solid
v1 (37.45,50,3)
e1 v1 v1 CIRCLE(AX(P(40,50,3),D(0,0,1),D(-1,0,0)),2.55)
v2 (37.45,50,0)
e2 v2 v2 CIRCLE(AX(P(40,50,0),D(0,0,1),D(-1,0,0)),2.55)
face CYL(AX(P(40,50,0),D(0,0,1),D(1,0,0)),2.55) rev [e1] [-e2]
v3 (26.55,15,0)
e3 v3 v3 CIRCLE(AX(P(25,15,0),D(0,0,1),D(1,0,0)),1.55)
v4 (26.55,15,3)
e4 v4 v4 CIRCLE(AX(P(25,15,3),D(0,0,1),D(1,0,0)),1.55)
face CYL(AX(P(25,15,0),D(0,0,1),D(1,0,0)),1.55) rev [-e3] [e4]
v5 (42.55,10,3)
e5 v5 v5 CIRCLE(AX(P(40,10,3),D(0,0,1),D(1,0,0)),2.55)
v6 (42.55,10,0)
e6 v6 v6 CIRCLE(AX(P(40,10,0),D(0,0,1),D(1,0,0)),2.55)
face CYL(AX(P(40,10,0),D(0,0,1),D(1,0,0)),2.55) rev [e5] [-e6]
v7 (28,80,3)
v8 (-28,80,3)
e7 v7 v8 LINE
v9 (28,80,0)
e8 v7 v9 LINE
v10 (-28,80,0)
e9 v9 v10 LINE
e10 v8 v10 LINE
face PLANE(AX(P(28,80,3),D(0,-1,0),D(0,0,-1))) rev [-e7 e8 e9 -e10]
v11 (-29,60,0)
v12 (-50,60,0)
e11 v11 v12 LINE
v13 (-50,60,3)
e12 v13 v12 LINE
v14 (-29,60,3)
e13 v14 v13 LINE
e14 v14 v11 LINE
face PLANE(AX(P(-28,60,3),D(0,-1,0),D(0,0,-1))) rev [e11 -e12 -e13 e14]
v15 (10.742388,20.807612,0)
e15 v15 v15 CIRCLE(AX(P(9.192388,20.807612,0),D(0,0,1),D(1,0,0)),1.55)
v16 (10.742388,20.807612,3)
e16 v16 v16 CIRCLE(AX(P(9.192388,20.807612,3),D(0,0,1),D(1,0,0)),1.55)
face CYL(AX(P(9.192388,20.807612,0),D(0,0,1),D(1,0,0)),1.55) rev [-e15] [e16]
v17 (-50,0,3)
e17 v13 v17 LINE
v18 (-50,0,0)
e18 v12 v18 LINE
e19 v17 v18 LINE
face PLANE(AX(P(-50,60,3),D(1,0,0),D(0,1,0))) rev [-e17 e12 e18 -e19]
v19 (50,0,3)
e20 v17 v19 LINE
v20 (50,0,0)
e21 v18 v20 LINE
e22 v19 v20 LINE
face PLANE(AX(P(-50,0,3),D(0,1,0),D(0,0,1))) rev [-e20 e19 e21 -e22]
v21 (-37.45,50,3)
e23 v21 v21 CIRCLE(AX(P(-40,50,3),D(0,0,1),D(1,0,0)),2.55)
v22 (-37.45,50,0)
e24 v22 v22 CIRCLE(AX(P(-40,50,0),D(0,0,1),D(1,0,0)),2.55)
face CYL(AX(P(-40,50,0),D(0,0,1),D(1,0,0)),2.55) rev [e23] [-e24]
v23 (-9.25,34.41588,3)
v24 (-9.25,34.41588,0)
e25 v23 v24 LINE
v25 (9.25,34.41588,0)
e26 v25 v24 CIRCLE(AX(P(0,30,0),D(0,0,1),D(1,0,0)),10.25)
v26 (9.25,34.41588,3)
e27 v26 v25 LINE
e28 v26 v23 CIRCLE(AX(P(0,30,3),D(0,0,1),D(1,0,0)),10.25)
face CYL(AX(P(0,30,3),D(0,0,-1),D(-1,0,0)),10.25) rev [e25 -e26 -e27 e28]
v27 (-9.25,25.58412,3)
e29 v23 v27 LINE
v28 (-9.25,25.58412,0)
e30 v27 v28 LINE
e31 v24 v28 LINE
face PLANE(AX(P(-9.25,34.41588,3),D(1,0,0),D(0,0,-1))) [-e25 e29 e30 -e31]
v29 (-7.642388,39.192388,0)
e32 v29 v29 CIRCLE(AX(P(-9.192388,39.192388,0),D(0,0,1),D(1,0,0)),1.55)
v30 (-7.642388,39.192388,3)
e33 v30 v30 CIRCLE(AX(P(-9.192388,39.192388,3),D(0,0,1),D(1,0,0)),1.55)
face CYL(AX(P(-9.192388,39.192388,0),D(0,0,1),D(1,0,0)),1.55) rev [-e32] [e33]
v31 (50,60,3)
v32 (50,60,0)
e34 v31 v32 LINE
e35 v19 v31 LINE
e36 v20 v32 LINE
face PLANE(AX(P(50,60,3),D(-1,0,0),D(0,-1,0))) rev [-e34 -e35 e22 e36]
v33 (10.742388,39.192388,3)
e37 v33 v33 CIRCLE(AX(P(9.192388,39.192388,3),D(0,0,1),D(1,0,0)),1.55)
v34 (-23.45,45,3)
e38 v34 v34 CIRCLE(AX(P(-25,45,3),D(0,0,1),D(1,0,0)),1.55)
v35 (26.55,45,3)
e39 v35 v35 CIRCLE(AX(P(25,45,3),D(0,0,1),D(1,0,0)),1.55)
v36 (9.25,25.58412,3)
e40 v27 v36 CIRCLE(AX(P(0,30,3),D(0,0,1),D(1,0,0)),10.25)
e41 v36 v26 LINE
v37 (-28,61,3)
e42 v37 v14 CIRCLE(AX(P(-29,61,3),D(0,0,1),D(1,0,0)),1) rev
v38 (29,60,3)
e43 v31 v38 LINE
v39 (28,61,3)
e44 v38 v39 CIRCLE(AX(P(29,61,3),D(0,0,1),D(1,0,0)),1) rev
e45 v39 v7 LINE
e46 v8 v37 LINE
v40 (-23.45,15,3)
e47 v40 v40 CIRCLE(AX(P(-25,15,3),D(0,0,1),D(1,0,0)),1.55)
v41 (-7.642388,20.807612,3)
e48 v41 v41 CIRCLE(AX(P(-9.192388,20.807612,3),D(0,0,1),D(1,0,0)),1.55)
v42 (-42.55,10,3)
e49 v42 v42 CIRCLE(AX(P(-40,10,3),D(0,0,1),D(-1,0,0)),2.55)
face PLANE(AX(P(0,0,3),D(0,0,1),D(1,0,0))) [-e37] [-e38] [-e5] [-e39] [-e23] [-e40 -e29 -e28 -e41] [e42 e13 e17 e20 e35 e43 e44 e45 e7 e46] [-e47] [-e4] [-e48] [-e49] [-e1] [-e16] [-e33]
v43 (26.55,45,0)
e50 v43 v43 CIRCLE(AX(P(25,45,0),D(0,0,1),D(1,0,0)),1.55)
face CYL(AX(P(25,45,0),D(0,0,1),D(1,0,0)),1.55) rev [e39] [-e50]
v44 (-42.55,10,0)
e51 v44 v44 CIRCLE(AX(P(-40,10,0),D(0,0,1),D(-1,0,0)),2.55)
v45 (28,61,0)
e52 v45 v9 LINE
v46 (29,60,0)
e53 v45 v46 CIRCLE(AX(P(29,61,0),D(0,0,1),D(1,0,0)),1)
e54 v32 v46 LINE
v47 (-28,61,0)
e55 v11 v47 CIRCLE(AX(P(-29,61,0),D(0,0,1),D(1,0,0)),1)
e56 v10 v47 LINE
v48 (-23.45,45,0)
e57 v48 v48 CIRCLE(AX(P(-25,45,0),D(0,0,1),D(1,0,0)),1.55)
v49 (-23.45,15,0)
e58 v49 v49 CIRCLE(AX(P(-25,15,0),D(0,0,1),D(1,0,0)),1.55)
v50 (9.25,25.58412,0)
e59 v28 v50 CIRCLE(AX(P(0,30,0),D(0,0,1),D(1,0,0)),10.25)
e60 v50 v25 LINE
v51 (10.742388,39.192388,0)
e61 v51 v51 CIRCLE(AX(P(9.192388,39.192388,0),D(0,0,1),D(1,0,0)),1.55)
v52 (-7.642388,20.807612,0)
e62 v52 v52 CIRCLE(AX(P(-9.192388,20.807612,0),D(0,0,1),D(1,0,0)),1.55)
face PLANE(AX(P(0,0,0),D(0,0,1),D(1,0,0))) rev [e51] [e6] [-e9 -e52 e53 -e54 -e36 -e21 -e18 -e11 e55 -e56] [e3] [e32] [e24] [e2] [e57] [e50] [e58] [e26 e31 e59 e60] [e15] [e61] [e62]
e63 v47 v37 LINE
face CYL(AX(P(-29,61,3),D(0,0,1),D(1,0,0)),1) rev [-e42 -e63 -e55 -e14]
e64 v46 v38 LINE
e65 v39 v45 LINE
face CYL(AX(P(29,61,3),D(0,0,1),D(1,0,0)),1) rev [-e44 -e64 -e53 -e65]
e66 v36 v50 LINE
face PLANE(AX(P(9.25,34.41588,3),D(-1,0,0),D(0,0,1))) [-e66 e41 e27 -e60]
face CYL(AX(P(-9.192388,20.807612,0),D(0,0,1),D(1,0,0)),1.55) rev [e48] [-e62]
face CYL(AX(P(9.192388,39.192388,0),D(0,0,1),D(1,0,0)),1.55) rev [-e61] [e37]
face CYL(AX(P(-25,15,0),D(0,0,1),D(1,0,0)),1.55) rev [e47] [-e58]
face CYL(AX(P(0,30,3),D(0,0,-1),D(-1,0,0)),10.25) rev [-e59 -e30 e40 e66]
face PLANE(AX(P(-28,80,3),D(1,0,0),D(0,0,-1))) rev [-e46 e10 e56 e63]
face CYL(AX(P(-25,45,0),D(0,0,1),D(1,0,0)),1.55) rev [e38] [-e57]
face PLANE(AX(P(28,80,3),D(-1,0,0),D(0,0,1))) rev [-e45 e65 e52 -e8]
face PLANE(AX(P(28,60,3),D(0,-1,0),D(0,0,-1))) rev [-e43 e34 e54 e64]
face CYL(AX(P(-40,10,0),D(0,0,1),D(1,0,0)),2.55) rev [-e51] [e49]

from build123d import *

# Parameters (mm, degrees)
EXTRUDE_1_DEPTH     = 3
SKETCH_2_R          = 1.55
CUT_EXTRUDE_1_DEPTH = 95.387499172
FILLET_1_R          = 1
SKETCH_3_R          = 2.55
CUT_EXTRUDE_2_DEPTH = 95.387499172
SKETCH_4_R          = 1.55
CUT_EXTRUDE_3_DEPTH = 95.387499172


with BuildPart() as part:
    # ｽｹｯﾁ1 → ﾎﾞｽ - 押し出し1 (new body)
    with BuildSketch(Plane.XY):
        Polygon((-28, 80), (-28, 60), (-50, 60), (-50, 0), (50, 0), (50, 60), (28, 60), (28, 80), align=None)
        with BuildLine():
            Line((-9.25, 34.415880433), (-9.25, 25.584119567))
            ThreePointArc((-9.25, 25.584119567), (0, 19.75), (9.25, 25.584119567))
            Line((9.25, 25.584119567), (9.25, 34.415880433))
            ThreePointArc((9.25, 34.415880433), (0, 40.25), (-9.25, 34.415880433))
        make_face(mode=Mode.SUBTRACT)
    extrude(amount=EXTRUDE_1_DEPTH)

    # ｽｹｯﾁ2 → ｶｯﾄ - 押し出し1 (cut, through all)
    with BuildSketch(Plane.XY.offset(3)):
        with Locations((-9.192388155, 39.192388155)):
            Circle(SKETCH_2_R)
        with Locations((9.192388155, 39.192388155)):
            Circle(SKETCH_2_R)
        with Locations((9.192388155, 20.807611845)):
            Circle(SKETCH_2_R)
        with Locations((-9.192388155, 20.807611845)):
            Circle(SKETCH_2_R)
    extrude(amount=-CUT_EXTRUDE_1_DEPTH, mode=Mode.SUBTRACT)

    # ﾌｨﾚｯﾄ1
    fillet_1_edges = [part.edges().sort_by_distance(p)[0] for p in [
        (28, 60, 1.5),
        (-28, 60, 1.5),
    ]]
    fillet(fillet_1_edges, radius=FILLET_1_R)

    # ｽｹｯﾁ3 → ｶｯﾄ - 押し出し2 (cut, through all)
    with BuildSketch(Plane.XY.offset(3)):
        with Locations((-40, 50)):
            Circle(SKETCH_3_R)
        with Locations(Location((-40, 10, 0), (0, 0, 180))):
            Circle(SKETCH_3_R)
        with Locations((40, 10)):
            Circle(SKETCH_3_R)
        with Locations(Location((40, 50, 0), (0, 0, 180))):
            Circle(SKETCH_3_R)
    extrude(amount=-CUT_EXTRUDE_2_DEPTH, mode=Mode.SUBTRACT)

    # ｽｹｯﾁ4 → ｶｯﾄ - 押し出し3 (cut, through all)
    with BuildSketch(Plane.XY.offset(3)):
        with Locations((25, 45)):
            Circle(SKETCH_4_R)
        with Locations((25, 15)):
            Circle(SKETCH_4_R)
        with Locations((-25, 15)):
            Circle(SKETCH_4_R)
        with Locations((-25, 45)):
            Circle(SKETCH_4_R)
    extrude(amount=-CUT_EXTRUDE_3_DEPTH, mode=Mode.SUBTRACT)


solid = part.part
